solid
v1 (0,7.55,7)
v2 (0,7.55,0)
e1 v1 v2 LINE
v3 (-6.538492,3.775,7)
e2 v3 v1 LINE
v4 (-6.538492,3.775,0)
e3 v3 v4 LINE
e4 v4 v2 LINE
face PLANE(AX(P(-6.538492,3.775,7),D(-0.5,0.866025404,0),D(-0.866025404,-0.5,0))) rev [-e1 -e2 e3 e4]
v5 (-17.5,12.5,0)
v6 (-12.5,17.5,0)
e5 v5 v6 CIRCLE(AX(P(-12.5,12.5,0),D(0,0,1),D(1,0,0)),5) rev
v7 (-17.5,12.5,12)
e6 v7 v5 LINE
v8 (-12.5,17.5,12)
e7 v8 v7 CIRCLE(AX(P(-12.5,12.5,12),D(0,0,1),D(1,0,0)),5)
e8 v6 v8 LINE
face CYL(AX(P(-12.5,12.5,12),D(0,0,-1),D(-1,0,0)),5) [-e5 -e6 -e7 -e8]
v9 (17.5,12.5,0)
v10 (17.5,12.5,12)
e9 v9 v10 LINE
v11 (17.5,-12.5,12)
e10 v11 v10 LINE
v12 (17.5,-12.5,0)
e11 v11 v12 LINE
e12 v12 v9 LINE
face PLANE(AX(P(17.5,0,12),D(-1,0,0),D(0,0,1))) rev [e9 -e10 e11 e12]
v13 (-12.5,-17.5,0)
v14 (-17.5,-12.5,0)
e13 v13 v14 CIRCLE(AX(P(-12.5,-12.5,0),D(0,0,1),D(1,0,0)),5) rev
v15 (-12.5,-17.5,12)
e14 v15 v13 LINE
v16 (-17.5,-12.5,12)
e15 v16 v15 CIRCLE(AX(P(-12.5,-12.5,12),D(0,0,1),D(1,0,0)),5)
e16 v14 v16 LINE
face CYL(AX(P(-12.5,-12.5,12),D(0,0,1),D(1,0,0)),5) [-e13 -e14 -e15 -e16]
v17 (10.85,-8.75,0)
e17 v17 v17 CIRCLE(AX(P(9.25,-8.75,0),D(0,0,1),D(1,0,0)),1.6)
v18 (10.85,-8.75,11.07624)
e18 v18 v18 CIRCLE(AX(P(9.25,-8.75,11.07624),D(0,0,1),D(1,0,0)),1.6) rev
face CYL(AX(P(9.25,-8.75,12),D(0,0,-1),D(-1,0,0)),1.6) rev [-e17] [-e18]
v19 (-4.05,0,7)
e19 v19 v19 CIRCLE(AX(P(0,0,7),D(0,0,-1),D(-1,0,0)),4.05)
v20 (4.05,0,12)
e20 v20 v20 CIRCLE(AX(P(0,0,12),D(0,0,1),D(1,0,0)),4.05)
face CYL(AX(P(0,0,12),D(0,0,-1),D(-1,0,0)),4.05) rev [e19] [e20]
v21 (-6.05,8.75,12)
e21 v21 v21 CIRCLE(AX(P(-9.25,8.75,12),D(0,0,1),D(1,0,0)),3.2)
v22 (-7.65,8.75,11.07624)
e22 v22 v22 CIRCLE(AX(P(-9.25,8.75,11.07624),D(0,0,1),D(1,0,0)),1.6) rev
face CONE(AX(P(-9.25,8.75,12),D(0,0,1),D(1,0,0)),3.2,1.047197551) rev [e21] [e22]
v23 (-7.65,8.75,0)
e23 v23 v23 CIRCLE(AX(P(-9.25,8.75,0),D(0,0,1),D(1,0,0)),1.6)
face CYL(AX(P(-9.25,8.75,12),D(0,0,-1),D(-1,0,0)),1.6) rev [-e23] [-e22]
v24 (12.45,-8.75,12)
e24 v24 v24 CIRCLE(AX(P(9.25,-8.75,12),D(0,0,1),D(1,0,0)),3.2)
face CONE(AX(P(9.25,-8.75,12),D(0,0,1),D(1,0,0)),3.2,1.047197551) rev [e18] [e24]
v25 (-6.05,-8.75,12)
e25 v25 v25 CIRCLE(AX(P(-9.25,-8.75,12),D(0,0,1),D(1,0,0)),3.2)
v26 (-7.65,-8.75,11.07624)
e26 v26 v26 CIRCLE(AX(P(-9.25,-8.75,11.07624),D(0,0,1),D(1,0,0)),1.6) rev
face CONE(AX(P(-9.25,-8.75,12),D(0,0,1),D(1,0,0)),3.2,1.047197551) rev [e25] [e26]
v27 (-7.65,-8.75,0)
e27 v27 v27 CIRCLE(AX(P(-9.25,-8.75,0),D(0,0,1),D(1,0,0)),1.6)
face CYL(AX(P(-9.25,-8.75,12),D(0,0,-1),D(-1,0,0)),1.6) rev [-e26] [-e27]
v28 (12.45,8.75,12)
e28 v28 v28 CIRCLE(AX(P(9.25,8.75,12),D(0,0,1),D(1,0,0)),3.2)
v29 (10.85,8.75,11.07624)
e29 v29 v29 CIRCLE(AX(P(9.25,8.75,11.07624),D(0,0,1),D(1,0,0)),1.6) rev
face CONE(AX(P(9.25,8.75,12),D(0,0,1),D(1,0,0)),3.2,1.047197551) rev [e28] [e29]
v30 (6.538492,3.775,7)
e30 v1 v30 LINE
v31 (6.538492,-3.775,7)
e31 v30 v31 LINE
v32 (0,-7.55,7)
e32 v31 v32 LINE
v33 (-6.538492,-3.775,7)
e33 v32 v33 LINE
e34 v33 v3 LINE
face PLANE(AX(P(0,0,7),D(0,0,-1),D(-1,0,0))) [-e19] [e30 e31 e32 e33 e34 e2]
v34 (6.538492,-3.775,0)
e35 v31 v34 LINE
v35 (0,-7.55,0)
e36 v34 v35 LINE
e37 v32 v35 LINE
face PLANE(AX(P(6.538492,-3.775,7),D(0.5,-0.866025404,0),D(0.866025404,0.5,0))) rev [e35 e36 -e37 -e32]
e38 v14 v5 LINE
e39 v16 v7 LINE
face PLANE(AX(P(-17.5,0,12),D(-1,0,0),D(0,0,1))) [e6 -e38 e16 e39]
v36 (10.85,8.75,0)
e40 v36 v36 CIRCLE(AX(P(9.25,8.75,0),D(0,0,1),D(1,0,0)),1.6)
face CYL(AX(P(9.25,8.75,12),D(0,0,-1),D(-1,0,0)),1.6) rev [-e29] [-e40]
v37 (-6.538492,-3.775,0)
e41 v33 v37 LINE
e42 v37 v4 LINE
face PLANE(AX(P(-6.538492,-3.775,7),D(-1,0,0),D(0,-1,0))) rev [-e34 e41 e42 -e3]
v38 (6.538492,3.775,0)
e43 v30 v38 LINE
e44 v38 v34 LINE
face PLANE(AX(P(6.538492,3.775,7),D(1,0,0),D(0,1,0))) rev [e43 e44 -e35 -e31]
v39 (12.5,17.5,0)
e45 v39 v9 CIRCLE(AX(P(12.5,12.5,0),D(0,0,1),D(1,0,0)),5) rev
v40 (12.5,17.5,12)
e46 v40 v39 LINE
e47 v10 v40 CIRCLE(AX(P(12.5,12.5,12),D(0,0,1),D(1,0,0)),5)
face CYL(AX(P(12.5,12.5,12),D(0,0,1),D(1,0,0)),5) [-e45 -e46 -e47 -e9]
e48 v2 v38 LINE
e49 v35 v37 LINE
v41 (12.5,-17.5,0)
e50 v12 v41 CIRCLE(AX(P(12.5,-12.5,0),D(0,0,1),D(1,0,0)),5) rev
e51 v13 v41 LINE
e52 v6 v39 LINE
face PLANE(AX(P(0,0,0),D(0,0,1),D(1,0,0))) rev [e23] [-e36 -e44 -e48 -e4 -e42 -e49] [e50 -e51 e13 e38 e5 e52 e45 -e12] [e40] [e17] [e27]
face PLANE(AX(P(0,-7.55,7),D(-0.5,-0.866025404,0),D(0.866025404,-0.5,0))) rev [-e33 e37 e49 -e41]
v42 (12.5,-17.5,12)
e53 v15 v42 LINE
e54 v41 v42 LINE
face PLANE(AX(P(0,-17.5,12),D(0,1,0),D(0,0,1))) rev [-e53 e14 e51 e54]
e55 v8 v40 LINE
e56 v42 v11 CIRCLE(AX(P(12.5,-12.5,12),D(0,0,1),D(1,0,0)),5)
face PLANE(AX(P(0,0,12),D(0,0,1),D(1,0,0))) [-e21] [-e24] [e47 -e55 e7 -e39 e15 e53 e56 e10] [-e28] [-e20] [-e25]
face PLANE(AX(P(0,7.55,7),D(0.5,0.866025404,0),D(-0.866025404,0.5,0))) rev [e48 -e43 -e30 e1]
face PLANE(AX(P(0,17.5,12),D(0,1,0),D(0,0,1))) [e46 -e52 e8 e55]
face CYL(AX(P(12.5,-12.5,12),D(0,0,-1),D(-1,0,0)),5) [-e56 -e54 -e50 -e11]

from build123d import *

# Parameters (mm, degrees)
SKETCH1_W                    = 35
SKETCH1_H                    = 35
SKETCH1_R                    = 4.05
SKETCH1_R_2                  = 1.6
BOSS_EXTRUDE1_DEPTH          = 12
FILLET1_R                    = 5
SKETCH5_R                    = 3.2
CUT_EXTRUDE1_DEPTH           = 1
CUT_EXTRUDE1_DRAFT           = -60
CUT_EXTRUDE1_PROFILE_2_DEPTH = 1
CUT_EXTRUDE1_PROFILE_2_DRAFT = -60
CUT_EXTRUDE1_PROFILE_3_DEPTH = 1
CUT_EXTRUDE1_PROFILE_3_DRAFT = -60
CUT_EXTRUDE1_PROFILE_4_DEPTH = 1
CUT_EXTRUDE1_PROFILE_4_DRAFT = -60
CUT_EXTRUDE2_DEPTH           = 7


with BuildPart() as part:
    # Sketch1 → Boss-Extrude1 (new body)
    with BuildSketch(Plane.XY):
        Rectangle(SKETCH1_W, SKETCH1_H)
        Circle(SKETCH1_R, mode=Mode.SUBTRACT)
        with Locations((-9.25, 8.75)):
            Circle(SKETCH1_R_2, mode=Mode.SUBTRACT)
        with Locations((9.25, 8.75)):
            Circle(SKETCH1_R_2, mode=Mode.SUBTRACT)
        with Locations((-9.25, -8.75)):
            Circle(SKETCH1_R_2, mode=Mode.SUBTRACT)
        with Locations((9.25, -8.75)):
            Circle(SKETCH1_R_2, mode=Mode.SUBTRACT)
    extrude(amount=BOSS_EXTRUDE1_DEPTH)

    # Fillet1
    fillet1_edges = [part.edges().sort_by_distance(p)[0] for p in [
        (-17.5, -17.5, 6),
        (-17.5, 17.5, 6),
        (17.5, 17.5, 6),
        (17.5, -17.5, 6),
    ]]
    fillet(fillet1_edges, radius=FILLET1_R)


with BuildPart() as cut_extrude1_tool:
    # Sketch5 → Cut-Extrude1 (with draft: the straight prism first)
    with BuildSketch(Plane.XY.offset(12)):
        with Locations((-9.25, 8.75)):
            Circle(SKETCH5_R)
    extrude(amount=-CUT_EXTRUDE1_DEPTH)
    # Cut-Extrude1: the draft: its side faces are tilted about the plane it starts from
    cut_extrude1_sides = [cut_extrude1_tool.faces().sort_by_distance(p)[0] for p in [
        (-12.45, 8.75, 11.5),
    ]]
    draft(cut_extrude1_sides, Plane.XY.offset(12), CUT_EXTRUDE1_DRAFT)


with BuildPart() as part_1:
    add(part.part)

    # Cut-Extrude1: cut by cut_extrude1_tool
    add(cut_extrude1_tool.part, mode=Mode.SUBTRACT)


with BuildPart() as cut_extrude1_profile_2_tool:
    # Sketch5 → Cut-Extrude1 profile 2 (with draft: the straight prism first)
    with BuildSketch(Plane.XY.offset(12)):
        with Locations((9.25, 8.75)):
            Circle(SKETCH5_R)
    extrude(amount=-CUT_EXTRUDE1_PROFILE_2_DEPTH)
    # Cut-Extrude1 profile 2: the draft: its side faces are tilted about the plane it starts from
    cut_extrude1_profile_2_sides = [cut_extrude1_profile_2_tool.faces().sort_by_distance(p)[0] for p in [
        (6.05, 8.75, 11.5),
    ]]
    draft(cut_extrude1_profile_2_sides, Plane.XY.offset(12), CUT_EXTRUDE1_PROFILE_2_DRAFT)


with BuildPart() as part_2:
    add(part_1.part)

    # Cut-Extrude1 profile 2: cut by cut_extrude1_profile_2_tool
    add(cut_extrude1_profile_2_tool.part, mode=Mode.SUBTRACT)


with BuildPart() as cut_extrude1_profile_3_tool:
    # Sketch5 → Cut-Extrude1 profile 3 (with draft: the straight prism first)
    with BuildSketch(Plane.XY.offset(12)):
        with Locations((-9.25, -8.75)):
            Circle(SKETCH5_R)
    extrude(amount=-CUT_EXTRUDE1_PROFILE_3_DEPTH)
    # Cut-Extrude1 profile 3: the draft: its side faces are tilted about the plane it starts from
    cut_extrude1_profile_3_sides = [cut_extrude1_profile_3_tool.faces().sort_by_distance(p)[0] for p in [
        (-12.45, -8.75, 11.5),
    ]]
    draft(cut_extrude1_profile_3_sides, Plane.XY.offset(12), CUT_EXTRUDE1_PROFILE_3_DRAFT)


with BuildPart() as part_3:
    add(part_2.part)

    # Cut-Extrude1 profile 3: cut by cut_extrude1_profile_3_tool
    add(cut_extrude1_profile_3_tool.part, mode=Mode.SUBTRACT)


with BuildPart() as cut_extrude1_profile_4_tool:
    # Sketch5 → Cut-Extrude1 profile 4 (with draft: the straight prism first)
    with BuildSketch(Plane.XY.offset(12)):
        with Locations((9.25, -8.75)):
            Circle(SKETCH5_R)
    extrude(amount=-CUT_EXTRUDE1_PROFILE_4_DEPTH)
    # Cut-Extrude1 profile 4: the draft: its side faces are tilted about the plane it starts from
    cut_extrude1_profile_4_sides = [cut_extrude1_profile_4_tool.faces().sort_by_distance(p)[0] for p in [
        (6.05, -8.75, 11.5),
    ]]
    draft(cut_extrude1_profile_4_sides, Plane.XY.offset(12), CUT_EXTRUDE1_PROFILE_4_DRAFT)


with BuildPart() as part_4:
    add(part_3.part)

    # Cut-Extrude1 profile 4: cut by cut_extrude1_profile_4_tool
    add(cut_extrude1_profile_4_tool.part, mode=Mode.SUBTRACT)

    # Sketch6 → Cut-Extrude2 (cut)
    with BuildSketch(Plane(origin=(0, 0, 0), x_dir=(-1, 0, 0), z_dir=(0, 0, -1))):
        Polygon((6.538491799, 3.775), (0, 7.55), (-6.538491799, 3.775), (-6.538491799, -3.775), (0, -7.55), (6.538491799, -3.775), align=None)
    extrude(amount=-CUT_EXTRUDE2_DEPTH, mode=Mode.SUBTRACT)


solid = part_4.part
